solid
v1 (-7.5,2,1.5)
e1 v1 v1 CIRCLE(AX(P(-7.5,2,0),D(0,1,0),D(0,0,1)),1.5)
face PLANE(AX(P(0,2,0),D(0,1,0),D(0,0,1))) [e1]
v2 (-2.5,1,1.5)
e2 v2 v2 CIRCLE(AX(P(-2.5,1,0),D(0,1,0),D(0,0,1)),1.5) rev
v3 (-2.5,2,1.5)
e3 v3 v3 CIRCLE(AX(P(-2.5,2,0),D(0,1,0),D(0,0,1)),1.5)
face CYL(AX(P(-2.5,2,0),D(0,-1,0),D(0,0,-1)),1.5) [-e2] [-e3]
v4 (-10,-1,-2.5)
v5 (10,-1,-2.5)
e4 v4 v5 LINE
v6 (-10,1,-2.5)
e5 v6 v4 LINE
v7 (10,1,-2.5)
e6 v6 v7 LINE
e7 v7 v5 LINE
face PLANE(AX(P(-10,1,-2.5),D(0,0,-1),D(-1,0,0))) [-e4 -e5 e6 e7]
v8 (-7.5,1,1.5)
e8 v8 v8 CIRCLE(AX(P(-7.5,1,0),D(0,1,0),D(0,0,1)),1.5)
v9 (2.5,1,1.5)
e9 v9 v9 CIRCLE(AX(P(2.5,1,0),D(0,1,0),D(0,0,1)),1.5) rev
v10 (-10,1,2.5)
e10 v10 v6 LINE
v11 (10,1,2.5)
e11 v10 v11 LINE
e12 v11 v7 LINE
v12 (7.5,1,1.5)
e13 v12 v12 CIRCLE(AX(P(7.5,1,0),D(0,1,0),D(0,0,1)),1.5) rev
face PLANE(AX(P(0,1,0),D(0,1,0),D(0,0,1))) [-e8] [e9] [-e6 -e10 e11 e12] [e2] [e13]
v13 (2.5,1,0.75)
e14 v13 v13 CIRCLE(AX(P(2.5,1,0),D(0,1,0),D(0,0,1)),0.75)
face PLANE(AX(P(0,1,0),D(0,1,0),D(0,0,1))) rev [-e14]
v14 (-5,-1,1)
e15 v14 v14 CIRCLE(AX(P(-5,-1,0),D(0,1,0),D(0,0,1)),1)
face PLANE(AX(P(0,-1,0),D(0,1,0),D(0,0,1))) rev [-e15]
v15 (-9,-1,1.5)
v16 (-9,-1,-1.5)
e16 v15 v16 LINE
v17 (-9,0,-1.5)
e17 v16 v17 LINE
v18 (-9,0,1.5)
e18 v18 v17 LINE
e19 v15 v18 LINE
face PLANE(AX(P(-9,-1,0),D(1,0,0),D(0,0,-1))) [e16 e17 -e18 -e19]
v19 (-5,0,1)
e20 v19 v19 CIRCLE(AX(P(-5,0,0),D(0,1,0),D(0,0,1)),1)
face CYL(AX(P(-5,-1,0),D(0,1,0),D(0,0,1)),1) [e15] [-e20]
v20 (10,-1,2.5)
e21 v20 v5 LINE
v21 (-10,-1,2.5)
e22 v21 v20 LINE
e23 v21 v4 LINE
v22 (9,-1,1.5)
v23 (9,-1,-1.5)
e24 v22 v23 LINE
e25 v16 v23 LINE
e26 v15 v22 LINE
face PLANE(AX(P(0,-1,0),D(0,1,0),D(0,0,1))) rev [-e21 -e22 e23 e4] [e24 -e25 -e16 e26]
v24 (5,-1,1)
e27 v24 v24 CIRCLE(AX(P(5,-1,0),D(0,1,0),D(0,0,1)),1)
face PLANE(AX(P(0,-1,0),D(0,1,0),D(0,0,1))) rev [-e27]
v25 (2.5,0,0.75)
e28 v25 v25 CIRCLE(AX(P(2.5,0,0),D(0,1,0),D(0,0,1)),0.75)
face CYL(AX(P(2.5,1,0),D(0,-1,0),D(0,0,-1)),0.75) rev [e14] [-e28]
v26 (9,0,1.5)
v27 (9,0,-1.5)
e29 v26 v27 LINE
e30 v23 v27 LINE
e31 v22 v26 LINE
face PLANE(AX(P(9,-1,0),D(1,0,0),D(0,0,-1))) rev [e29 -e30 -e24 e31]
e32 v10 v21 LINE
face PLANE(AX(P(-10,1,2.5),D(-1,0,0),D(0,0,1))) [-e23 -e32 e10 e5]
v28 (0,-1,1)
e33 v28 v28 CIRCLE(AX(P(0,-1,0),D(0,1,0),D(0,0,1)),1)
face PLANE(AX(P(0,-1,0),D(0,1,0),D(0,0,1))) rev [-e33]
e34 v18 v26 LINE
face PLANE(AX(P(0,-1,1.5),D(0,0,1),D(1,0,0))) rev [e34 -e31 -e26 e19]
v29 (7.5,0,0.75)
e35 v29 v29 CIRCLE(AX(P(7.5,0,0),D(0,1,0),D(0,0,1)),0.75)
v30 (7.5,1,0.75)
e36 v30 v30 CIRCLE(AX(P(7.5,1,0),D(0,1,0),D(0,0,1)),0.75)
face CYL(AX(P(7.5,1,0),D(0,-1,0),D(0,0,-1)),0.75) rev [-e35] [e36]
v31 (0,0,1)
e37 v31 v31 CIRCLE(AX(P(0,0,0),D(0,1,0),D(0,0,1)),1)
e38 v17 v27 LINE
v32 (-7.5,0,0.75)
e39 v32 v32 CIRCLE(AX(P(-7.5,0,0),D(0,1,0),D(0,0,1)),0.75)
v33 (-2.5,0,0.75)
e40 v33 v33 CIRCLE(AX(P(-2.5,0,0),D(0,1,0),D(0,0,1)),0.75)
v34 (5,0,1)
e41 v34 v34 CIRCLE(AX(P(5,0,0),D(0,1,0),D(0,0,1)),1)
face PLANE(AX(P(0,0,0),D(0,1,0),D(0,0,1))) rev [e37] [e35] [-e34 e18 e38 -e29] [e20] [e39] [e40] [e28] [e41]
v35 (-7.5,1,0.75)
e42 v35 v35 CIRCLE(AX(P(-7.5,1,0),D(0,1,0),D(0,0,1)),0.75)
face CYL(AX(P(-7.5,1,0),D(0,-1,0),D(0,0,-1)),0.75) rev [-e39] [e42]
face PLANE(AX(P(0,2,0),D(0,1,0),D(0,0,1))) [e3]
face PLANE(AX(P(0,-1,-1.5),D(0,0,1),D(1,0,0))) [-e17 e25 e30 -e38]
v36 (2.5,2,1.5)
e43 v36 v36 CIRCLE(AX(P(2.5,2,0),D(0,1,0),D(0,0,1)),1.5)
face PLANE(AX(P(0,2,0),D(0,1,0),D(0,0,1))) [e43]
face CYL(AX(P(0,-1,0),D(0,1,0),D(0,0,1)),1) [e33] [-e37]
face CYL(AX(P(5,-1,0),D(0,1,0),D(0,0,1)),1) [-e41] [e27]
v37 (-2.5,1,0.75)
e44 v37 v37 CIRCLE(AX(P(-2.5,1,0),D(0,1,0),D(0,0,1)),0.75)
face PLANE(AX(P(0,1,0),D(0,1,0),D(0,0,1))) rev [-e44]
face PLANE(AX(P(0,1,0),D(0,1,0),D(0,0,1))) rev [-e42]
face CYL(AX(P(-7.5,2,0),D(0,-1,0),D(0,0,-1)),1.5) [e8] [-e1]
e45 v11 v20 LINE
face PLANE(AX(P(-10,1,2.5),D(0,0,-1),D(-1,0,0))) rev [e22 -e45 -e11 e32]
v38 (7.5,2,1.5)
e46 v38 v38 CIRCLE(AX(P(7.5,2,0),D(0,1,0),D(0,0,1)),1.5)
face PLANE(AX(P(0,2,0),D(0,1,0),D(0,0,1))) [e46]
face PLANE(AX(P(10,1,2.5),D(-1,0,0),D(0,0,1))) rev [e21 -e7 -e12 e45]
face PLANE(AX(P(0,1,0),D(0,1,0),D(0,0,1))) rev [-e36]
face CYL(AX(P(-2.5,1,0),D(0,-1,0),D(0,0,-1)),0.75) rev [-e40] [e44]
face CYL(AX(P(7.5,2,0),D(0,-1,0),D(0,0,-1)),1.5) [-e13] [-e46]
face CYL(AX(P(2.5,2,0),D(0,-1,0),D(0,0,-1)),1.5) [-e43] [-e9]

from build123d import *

# Parameters (mm, degrees)
SKETCH1_R             = 1.5
BOSS_EXTRUDE1_DEPTH   = 2
BOSS_EXTRUDE1_2_DEPTH = 2
BOSS_EXTRUDE1_3_DEPTH = 2
BOSS_EXTRUDE1_4_DEPTH = 2
SKETCH1_3_W           = 20
SKETCH1_3_H           = 5
BOSS_EXTRUDE2_DEPTH   = 1
SKETCH1_4_R           = 0.75
CUT_EXTRUDE1_DEPTH    = 1
SKETCH1_5_W           = 20
SKETCH1_5_H           = 5
SKETCH1_5_W_2         = 18
SKETCH1_5_H_2         = 3
SKETCH1_5_R           = 1
BOSS_EXTRUDE3_DEPTH   = 1


with BuildPart() as part:
    # Sketch1 → Boss-Extrude1 (new body)
    with BuildSketch(Plane(origin=(0, 0, 0), x_dir=(1, 0, 0), z_dir=(0, 1, 0))):
        with Locations((-7.5, 0)):
            Circle(SKETCH1_R)
    extrude(amount=BOSS_EXTRUDE1_DEPTH)



with BuildPart() as body_2:
    # Sketch1 → Boss-Extrude1 2 (new body)
    with BuildSketch(Plane(origin=(0, 0, 0), x_dir=(1, 0, 0), z_dir=(0, 1, 0))):
        with Locations((-2.5, 0)):
            Circle(SKETCH1_R)
    extrude(amount=BOSS_EXTRUDE1_2_DEPTH)


with BuildPart() as body_3:
    # Sketch1 → Boss-Extrude1 3 (new body)
    with BuildSketch(Plane(origin=(0, 0, 0), x_dir=(1, 0, 0), z_dir=(0, 1, 0))):
        with Locations((2.5, 0)):
            Circle(SKETCH1_R)
    extrude(amount=BOSS_EXTRUDE1_3_DEPTH)


with BuildPart() as body_4:
    # Sketch1 → Boss-Extrude1 4 (new body)
    with BuildSketch(Plane(origin=(0, 0, 0), x_dir=(1, 0, 0), z_dir=(0, 1, 0))):
        with Locations((7.5, 0)):
            Circle(SKETCH1_R)
    extrude(amount=BOSS_EXTRUDE1_4_DEPTH)


with BuildPart() as part_1:
    add(part.part)

    add(body_2.part)  # Boss-Extrude2 merges body 2

    add(body_3.part)  # Boss-Extrude2 merges body 3

    add(body_4.part)  # Boss-Extrude2 merges body 4
    # Sketch1<3> → Boss-Extrude2 (add)
    with BuildSketch(Plane(origin=(0, 0, 0), x_dir=(1, 0, 0), z_dir=(0, 1, 0))):
        Rectangle(SKETCH1_3_W, SKETCH1_3_H)
    extrude(amount=BOSS_EXTRUDE2_DEPTH)

    # Sketch1<4> → Cut-Extrude1 (cut)
    with BuildSketch(Plane(origin=(0, 0, 0), x_dir=(1, 0, 0), z_dir=(0, 1, 0))):
        with Locations((-7.5, 0)):
            Circle(SKETCH1_4_R)
        with Locations((-2.5, 0)):
            Circle(SKETCH1_4_R)
        with Locations((2.5, 0)):
            Circle(SKETCH1_4_R)
        with Locations((7.5, 0)):
            Circle(SKETCH1_4_R)
    extrude(amount=CUT_EXTRUDE1_DEPTH, mode=Mode.SUBTRACT)

    # Sketch1<5> → Boss-Extrude3 (add)
    # profile 1 of 4: a face of its own
    with BuildSketch(Plane(origin=(0, 0, 0), x_dir=(1, 0, 0), z_dir=(0, 1, 0))):
        Rectangle(SKETCH1_5_W, SKETCH1_5_H)
        Rectangle(SKETCH1_5_W_2, SKETCH1_5_H_2, mode=Mode.SUBTRACT)
    # profile 2 of 4: a face of its own
    with BuildSketch(Plane(origin=(0, 0, 0), x_dir=(1, 0, 0), z_dir=(0, 1, 0))):
        with Locations((5, 0)):
            Circle(SKETCH1_5_R)
    # profile 3 of 4: a face of its own
    with BuildSketch(Plane(origin=(0, 0, 0), x_dir=(1, 0, 0), z_dir=(0, 1, 0))):
        Circle(SKETCH1_5_R)
    # profile 4 of 4: a face of its own
    with BuildSketch(Plane(origin=(0, 0, 0), x_dir=(1, 0, 0), z_dir=(0, 1, 0))):
        with Locations((-5, 0)):
            Circle(SKETCH1_5_R)
    extrude(amount=-BOSS_EXTRUDE3_DEPTH)


solid = part_1.part
